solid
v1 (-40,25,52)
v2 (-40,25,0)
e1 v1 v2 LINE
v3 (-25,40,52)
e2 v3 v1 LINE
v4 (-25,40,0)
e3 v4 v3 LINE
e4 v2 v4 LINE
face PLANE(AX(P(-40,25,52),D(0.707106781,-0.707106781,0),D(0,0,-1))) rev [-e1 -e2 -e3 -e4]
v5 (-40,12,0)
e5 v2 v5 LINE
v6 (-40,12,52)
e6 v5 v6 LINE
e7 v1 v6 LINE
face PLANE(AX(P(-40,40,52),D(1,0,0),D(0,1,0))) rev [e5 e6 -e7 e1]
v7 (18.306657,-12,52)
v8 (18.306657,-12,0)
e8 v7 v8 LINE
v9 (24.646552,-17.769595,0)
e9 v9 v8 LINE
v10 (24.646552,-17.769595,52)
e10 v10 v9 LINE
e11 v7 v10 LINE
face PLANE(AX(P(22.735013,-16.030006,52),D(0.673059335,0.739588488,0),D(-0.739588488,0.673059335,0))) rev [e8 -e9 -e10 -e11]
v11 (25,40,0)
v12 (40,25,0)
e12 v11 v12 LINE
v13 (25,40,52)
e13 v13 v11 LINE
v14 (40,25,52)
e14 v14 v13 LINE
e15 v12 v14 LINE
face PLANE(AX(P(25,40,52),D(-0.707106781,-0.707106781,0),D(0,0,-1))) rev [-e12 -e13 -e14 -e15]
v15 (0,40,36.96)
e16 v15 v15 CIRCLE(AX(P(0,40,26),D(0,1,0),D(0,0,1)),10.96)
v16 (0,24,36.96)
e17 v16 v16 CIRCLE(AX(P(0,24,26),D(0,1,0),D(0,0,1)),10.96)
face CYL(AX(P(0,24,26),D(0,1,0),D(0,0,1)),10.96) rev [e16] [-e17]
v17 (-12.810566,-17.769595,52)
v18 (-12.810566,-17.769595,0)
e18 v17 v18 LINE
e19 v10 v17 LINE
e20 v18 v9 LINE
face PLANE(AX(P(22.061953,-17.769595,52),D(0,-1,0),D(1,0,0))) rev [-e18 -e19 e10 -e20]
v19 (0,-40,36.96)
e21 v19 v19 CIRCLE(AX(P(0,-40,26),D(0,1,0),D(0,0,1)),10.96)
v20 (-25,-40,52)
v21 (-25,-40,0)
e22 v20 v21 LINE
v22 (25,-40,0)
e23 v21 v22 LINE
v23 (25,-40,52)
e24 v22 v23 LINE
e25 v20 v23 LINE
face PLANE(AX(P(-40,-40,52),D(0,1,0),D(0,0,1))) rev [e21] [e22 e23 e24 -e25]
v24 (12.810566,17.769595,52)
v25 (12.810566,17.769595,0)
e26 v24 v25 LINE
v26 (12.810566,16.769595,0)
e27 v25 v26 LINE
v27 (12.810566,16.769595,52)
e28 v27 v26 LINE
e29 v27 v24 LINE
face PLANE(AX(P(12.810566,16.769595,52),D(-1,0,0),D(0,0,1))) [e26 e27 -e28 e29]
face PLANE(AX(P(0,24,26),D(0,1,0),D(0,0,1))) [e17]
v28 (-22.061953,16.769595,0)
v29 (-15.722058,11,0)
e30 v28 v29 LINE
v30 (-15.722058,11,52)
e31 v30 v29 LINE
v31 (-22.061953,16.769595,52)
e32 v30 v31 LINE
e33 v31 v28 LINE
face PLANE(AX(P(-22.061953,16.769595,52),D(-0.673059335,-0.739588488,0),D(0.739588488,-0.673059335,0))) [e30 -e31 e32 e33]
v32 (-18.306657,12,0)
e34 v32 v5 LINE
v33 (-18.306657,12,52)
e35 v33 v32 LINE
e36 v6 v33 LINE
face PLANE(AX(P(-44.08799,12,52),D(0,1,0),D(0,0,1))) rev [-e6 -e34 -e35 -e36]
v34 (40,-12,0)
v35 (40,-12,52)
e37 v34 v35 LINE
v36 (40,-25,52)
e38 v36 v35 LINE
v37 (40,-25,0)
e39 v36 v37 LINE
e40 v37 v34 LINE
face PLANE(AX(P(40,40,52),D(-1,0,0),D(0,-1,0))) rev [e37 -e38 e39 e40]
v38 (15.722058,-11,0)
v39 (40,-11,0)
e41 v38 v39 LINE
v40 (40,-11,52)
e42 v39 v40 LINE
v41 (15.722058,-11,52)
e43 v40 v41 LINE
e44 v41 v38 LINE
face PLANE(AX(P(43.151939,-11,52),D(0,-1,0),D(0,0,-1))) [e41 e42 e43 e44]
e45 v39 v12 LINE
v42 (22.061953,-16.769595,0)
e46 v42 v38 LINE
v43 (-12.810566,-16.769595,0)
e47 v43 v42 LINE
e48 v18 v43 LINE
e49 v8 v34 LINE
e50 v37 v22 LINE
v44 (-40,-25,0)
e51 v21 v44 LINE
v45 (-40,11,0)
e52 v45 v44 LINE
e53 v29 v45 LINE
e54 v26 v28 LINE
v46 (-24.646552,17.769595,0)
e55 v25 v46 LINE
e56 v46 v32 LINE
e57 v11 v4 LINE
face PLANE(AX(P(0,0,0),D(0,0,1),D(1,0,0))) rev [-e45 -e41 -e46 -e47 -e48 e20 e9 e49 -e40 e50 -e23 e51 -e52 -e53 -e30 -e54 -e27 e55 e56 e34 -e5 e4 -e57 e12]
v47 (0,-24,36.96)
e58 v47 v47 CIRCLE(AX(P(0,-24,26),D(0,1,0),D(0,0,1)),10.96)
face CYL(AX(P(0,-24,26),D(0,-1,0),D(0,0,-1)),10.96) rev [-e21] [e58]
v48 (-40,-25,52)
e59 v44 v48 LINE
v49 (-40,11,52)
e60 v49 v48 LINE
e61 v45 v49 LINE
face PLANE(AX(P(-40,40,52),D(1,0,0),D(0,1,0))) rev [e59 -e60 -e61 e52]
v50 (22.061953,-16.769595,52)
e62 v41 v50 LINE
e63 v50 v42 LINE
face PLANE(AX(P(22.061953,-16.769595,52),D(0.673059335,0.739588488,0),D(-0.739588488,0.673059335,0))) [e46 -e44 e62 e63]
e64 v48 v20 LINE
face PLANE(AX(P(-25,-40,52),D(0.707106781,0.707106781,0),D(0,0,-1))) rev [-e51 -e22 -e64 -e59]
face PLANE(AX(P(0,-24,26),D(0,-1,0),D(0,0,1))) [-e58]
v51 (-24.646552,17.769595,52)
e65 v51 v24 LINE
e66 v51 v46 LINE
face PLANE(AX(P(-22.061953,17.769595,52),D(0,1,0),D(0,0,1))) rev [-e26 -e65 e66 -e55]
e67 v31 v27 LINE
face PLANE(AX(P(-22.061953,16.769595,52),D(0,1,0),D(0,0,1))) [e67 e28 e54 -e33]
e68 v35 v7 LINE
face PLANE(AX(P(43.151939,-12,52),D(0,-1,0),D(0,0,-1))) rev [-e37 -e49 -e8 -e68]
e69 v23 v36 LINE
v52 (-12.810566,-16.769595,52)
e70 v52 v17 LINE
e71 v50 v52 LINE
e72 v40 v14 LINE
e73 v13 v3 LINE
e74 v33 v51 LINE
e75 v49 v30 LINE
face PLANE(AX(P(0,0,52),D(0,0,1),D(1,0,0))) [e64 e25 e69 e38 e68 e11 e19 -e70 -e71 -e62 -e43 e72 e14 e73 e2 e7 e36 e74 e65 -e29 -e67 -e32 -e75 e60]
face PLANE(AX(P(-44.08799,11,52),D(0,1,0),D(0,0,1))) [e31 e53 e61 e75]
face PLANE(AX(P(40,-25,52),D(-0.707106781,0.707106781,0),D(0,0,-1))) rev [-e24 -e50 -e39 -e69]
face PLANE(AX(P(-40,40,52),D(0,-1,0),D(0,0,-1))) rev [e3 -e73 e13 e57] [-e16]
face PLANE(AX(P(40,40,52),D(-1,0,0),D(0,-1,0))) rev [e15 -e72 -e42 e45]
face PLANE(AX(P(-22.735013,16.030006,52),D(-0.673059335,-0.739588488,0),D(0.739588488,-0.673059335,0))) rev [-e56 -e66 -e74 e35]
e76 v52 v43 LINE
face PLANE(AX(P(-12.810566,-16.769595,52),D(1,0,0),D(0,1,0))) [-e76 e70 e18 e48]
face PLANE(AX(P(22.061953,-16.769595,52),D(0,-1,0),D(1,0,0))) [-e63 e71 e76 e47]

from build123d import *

# Parameters (mm, degrees)
SKETCH1_W                    = 80
SKETCH1_H                    = 80
BOSS_EXTRUDE1_DEPTH          = 52
CHAMFER1_SIZE                = 15
CUT_EXTRUDE_THIN2_DEPTH      = 77.837490849
CUT_EXTRUDE_THIN2_DEPTH_BACK = 77.837490849
SKETCH3_R                    = 10.96
CUT_EXTRUDE2_DEPTH           = 16


with BuildPart() as part:
    # Sketch1 → Boss-Extrude1 (new body)
    with BuildSketch(Plane.XY):
        Rectangle(SKETCH1_W, SKETCH1_H)
    extrude(amount=BOSS_EXTRUDE1_DEPTH)

    # Chamfer1
    chamfer1_edges = [part.edges().sort_by_distance(p)[0] for p in [
        (40, -40, 26),
        (-40, -40, 26),
        (-40, 40, 26),
        (40, 40, 26),
    ]]
    chamfer(chamfer1_edges, length=CHAMFER1_SIZE)

    # Sketch2 → Cut-Extrude-Thin2 (cut, two sides: drawn at the far end of the back side and taken through both)
    with BuildSketch(Plane(origin=(0, 0, 0), x_dir=(-1, 0, 0), z_dir=(0, 0, -1)).offset(-CUT_EXTRUDE_THIN2_DEPTH_BACK)):
        Polygon((44.0879895, 11), (15.722057871, 11), (22.061953445, 16.76959481), (-12.810565673, 16.76959481), (-12.810565673, 17.76959481), (24.646552449, 17.76959481), (18.306656875, 12), (44.0879895, 12), align=None)
        Polygon((-43.151938768, -11), (-15.722057871, -11), (-22.061953445, -16.76959481), (12.810565673, -16.76959481), (12.810565673, -17.76959481), (-24.646552449, -17.76959481), (-18.306656875, -12), (-43.151938768, -12), align=None)
    extrude(amount=CUT_EXTRUDE_THIN2_DEPTH + CUT_EXTRUDE_THIN2_DEPTH_BACK, mode=Mode.SUBTRACT)

    # Sketch3 → Cut-Extrude2 (cut)
    with BuildSketch(Plane(origin=(0, 40, 0), x_dir=(1, 0, 0), z_dir=(0, 1, 0))):
        with Locations(Location((0, -26, 0), (0, 0, 270))):
            Circle(SKETCH3_R)
    cut_extrude2 = extrude(amount=-CUT_EXTRUDE2_DEPTH, mode=Mode.SUBTRACT)

    # Mirror1: Cut-Extrude2 across plane
    add(cut_extrude2.mirror(Plane.ZX), mode=Mode.SUBTRACT)


solid = part.part
